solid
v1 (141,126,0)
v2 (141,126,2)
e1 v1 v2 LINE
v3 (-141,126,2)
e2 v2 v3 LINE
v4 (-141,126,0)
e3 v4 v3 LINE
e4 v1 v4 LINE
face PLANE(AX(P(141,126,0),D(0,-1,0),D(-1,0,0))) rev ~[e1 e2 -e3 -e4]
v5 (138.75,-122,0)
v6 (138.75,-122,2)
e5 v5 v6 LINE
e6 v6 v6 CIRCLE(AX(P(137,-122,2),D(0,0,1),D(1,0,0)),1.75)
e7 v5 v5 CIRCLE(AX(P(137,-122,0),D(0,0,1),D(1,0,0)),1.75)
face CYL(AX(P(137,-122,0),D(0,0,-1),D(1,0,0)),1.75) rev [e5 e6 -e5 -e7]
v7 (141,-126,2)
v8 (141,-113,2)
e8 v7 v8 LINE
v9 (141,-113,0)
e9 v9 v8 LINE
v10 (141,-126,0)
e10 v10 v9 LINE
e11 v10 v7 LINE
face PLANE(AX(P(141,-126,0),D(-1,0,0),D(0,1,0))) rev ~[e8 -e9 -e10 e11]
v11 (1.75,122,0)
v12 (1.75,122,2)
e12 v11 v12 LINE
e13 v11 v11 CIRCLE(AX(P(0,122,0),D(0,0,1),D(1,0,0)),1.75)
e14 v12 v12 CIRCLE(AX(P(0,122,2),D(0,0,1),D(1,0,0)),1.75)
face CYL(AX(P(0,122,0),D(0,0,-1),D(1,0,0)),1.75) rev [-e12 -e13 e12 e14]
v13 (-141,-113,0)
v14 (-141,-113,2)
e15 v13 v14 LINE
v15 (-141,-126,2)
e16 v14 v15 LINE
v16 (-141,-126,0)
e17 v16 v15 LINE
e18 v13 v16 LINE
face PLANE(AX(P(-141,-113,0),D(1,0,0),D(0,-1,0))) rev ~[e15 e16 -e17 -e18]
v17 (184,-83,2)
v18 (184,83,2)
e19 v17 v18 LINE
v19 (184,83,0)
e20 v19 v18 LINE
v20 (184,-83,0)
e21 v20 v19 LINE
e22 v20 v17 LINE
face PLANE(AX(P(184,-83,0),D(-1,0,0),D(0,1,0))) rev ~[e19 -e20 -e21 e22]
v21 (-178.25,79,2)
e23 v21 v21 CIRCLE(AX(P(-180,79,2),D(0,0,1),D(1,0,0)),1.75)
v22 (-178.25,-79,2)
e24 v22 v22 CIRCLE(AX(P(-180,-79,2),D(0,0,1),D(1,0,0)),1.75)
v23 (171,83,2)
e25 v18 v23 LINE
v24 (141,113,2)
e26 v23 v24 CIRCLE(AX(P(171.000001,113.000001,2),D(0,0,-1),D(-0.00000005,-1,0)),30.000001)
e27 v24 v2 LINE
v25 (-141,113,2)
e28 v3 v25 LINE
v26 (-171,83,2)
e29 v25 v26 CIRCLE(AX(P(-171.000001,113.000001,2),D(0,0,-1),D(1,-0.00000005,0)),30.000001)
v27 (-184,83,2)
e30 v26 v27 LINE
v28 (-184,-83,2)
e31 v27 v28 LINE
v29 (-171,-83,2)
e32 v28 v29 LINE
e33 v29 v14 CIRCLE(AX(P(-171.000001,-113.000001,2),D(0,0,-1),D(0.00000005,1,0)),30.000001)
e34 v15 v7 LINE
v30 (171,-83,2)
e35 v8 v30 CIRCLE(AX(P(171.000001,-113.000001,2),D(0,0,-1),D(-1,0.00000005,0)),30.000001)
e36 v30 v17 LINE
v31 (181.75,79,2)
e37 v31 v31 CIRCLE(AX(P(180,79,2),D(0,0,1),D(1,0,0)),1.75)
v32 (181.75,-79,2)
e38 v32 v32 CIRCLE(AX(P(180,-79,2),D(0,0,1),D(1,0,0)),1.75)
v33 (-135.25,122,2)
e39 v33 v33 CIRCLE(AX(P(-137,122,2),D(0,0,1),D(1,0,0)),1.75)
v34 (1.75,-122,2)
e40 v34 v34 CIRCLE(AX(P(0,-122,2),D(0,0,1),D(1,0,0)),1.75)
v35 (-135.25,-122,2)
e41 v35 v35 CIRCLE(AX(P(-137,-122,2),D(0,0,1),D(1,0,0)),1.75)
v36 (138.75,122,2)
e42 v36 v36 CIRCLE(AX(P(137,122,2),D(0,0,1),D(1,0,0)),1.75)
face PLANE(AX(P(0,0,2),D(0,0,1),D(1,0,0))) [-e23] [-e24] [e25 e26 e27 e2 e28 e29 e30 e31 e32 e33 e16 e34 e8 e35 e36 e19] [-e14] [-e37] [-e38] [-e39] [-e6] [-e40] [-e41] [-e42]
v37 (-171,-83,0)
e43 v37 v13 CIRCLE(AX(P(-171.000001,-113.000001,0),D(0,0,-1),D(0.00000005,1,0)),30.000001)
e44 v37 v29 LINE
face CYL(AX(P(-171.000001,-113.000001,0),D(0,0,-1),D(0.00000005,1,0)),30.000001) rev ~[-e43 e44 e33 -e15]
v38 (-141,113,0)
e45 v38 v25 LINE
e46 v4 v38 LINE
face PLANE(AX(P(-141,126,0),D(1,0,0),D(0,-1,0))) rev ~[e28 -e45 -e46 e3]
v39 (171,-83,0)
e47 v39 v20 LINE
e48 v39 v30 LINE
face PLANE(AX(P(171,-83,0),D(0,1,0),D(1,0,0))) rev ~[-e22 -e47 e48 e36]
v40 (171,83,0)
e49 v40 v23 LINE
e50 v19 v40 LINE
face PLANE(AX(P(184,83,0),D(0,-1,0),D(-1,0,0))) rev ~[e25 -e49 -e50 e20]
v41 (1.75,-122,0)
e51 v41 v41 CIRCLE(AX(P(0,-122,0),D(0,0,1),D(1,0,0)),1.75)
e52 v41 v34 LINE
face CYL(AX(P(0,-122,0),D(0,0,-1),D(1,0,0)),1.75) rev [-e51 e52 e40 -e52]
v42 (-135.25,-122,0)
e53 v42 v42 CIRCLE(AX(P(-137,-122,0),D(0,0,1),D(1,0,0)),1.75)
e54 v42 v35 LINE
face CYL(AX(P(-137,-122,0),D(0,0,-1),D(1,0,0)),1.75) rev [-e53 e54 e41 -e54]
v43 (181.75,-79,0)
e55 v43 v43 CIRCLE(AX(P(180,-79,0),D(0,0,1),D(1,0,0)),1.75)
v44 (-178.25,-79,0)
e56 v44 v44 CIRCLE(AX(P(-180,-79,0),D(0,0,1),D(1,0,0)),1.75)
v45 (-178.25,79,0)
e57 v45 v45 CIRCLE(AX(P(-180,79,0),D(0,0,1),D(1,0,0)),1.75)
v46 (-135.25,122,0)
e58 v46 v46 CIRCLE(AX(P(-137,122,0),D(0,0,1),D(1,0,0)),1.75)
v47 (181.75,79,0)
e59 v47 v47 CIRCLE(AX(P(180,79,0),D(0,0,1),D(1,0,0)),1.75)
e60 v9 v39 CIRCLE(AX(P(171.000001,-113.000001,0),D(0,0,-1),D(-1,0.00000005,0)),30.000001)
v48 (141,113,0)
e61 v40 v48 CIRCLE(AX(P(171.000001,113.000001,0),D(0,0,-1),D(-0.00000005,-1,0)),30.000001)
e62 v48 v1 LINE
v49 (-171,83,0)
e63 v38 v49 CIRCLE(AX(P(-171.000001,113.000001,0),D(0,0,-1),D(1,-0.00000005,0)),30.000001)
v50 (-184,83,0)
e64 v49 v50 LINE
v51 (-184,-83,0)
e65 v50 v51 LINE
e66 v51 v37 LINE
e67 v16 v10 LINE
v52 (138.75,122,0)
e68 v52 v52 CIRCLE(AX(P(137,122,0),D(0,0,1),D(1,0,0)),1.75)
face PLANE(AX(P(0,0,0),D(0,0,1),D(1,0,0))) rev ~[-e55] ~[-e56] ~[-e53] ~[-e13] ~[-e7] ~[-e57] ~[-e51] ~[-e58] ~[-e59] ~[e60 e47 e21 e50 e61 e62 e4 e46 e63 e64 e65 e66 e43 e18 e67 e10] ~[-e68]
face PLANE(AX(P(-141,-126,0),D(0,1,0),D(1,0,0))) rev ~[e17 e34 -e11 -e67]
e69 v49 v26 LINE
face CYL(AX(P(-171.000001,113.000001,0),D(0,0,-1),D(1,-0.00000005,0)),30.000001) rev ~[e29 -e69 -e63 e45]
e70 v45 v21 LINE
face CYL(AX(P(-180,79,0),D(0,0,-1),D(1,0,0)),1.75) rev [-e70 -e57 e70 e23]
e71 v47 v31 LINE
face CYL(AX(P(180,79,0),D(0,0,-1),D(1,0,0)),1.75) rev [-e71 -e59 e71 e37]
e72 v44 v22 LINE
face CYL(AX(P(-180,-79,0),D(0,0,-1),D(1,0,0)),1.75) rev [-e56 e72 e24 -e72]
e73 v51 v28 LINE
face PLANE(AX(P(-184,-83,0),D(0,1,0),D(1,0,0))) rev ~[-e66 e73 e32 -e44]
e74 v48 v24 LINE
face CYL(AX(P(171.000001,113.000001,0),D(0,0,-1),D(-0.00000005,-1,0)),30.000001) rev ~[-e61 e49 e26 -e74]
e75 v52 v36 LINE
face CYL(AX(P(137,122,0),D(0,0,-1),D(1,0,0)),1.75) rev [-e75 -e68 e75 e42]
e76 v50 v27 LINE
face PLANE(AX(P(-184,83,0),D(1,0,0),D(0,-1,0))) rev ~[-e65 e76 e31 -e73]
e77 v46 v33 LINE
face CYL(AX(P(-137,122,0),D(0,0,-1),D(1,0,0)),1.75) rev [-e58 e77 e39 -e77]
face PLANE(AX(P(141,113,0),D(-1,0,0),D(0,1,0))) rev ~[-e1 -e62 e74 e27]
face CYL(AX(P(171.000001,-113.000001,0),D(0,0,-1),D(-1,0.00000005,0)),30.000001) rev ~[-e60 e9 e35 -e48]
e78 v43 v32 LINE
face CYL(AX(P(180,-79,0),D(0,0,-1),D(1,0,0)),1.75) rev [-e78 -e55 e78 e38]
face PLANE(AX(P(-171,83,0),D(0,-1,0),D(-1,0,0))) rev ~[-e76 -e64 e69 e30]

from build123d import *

# Parameters (mm, degrees)
F0_R     = 1.75
F1_DEPTH = 2


with BuildPart() as f1:
    # F0 (on Top) → F1 (new body)
    with BuildSketch(Plane.XY):
        with BuildLine():
            Line((141, 126), (-141, 126))
            Line((-141, 126), (-141, 113))
            ThreePointArc((-141, 113), (-149.786797, 91.786797), (-171, 83))
            Line((-171, 83), (-184, 83))
            Line((-184, 83), (-184, -83))
            Line((-184, -83), (-171, -83))
            ThreePointArc((-171, -83), (-149.786797, -91.786797), (-141, -113))
            Line((-141, -113), (-141, -126))
            Line((-141, -126), (141, -126))
            Line((141, -126), (141, -113))
            ThreePointArc((141, -113), (149.786797, -91.786797), (171, -83))
            Line((171, -83), (184, -83))
            Line((184, -83), (184, 83))
            Line((184, 83), (171, 83))
            ThreePointArc((171, 83), (149.786797, 91.786797), (141, 113))
            Line((141, 113), (141, 126))
        make_face()
        with Locations((-137, -122)):
            Circle(F0_R, mode=Mode.SUBTRACT)
        with Locations((-180, -79)):
            Circle(F0_R, mode=Mode.SUBTRACT)
        with Locations((0, -122)):
            Circle(F0_R, mode=Mode.SUBTRACT)
        with Locations((137, -122)):
            Circle(F0_R, mode=Mode.SUBTRACT)
        with Locations((180, -79)):
            Circle(F0_R, mode=Mode.SUBTRACT)
        with Locations((-180, 79)):
            Circle(F0_R, mode=Mode.SUBTRACT)
        with Locations((-137, 122)):
            Circle(F0_R, mode=Mode.SUBTRACT)
        with Locations((0, 122)):
            Circle(F0_R, mode=Mode.SUBTRACT)
        with Locations((180, 79)):
            Circle(F0_R, mode=Mode.SUBTRACT)
        with Locations((137, 122)):
            Circle(F0_R, mode=Mode.SUBTRACT)
    extrude(amount=F1_DEPTH)


solid = f1.part
